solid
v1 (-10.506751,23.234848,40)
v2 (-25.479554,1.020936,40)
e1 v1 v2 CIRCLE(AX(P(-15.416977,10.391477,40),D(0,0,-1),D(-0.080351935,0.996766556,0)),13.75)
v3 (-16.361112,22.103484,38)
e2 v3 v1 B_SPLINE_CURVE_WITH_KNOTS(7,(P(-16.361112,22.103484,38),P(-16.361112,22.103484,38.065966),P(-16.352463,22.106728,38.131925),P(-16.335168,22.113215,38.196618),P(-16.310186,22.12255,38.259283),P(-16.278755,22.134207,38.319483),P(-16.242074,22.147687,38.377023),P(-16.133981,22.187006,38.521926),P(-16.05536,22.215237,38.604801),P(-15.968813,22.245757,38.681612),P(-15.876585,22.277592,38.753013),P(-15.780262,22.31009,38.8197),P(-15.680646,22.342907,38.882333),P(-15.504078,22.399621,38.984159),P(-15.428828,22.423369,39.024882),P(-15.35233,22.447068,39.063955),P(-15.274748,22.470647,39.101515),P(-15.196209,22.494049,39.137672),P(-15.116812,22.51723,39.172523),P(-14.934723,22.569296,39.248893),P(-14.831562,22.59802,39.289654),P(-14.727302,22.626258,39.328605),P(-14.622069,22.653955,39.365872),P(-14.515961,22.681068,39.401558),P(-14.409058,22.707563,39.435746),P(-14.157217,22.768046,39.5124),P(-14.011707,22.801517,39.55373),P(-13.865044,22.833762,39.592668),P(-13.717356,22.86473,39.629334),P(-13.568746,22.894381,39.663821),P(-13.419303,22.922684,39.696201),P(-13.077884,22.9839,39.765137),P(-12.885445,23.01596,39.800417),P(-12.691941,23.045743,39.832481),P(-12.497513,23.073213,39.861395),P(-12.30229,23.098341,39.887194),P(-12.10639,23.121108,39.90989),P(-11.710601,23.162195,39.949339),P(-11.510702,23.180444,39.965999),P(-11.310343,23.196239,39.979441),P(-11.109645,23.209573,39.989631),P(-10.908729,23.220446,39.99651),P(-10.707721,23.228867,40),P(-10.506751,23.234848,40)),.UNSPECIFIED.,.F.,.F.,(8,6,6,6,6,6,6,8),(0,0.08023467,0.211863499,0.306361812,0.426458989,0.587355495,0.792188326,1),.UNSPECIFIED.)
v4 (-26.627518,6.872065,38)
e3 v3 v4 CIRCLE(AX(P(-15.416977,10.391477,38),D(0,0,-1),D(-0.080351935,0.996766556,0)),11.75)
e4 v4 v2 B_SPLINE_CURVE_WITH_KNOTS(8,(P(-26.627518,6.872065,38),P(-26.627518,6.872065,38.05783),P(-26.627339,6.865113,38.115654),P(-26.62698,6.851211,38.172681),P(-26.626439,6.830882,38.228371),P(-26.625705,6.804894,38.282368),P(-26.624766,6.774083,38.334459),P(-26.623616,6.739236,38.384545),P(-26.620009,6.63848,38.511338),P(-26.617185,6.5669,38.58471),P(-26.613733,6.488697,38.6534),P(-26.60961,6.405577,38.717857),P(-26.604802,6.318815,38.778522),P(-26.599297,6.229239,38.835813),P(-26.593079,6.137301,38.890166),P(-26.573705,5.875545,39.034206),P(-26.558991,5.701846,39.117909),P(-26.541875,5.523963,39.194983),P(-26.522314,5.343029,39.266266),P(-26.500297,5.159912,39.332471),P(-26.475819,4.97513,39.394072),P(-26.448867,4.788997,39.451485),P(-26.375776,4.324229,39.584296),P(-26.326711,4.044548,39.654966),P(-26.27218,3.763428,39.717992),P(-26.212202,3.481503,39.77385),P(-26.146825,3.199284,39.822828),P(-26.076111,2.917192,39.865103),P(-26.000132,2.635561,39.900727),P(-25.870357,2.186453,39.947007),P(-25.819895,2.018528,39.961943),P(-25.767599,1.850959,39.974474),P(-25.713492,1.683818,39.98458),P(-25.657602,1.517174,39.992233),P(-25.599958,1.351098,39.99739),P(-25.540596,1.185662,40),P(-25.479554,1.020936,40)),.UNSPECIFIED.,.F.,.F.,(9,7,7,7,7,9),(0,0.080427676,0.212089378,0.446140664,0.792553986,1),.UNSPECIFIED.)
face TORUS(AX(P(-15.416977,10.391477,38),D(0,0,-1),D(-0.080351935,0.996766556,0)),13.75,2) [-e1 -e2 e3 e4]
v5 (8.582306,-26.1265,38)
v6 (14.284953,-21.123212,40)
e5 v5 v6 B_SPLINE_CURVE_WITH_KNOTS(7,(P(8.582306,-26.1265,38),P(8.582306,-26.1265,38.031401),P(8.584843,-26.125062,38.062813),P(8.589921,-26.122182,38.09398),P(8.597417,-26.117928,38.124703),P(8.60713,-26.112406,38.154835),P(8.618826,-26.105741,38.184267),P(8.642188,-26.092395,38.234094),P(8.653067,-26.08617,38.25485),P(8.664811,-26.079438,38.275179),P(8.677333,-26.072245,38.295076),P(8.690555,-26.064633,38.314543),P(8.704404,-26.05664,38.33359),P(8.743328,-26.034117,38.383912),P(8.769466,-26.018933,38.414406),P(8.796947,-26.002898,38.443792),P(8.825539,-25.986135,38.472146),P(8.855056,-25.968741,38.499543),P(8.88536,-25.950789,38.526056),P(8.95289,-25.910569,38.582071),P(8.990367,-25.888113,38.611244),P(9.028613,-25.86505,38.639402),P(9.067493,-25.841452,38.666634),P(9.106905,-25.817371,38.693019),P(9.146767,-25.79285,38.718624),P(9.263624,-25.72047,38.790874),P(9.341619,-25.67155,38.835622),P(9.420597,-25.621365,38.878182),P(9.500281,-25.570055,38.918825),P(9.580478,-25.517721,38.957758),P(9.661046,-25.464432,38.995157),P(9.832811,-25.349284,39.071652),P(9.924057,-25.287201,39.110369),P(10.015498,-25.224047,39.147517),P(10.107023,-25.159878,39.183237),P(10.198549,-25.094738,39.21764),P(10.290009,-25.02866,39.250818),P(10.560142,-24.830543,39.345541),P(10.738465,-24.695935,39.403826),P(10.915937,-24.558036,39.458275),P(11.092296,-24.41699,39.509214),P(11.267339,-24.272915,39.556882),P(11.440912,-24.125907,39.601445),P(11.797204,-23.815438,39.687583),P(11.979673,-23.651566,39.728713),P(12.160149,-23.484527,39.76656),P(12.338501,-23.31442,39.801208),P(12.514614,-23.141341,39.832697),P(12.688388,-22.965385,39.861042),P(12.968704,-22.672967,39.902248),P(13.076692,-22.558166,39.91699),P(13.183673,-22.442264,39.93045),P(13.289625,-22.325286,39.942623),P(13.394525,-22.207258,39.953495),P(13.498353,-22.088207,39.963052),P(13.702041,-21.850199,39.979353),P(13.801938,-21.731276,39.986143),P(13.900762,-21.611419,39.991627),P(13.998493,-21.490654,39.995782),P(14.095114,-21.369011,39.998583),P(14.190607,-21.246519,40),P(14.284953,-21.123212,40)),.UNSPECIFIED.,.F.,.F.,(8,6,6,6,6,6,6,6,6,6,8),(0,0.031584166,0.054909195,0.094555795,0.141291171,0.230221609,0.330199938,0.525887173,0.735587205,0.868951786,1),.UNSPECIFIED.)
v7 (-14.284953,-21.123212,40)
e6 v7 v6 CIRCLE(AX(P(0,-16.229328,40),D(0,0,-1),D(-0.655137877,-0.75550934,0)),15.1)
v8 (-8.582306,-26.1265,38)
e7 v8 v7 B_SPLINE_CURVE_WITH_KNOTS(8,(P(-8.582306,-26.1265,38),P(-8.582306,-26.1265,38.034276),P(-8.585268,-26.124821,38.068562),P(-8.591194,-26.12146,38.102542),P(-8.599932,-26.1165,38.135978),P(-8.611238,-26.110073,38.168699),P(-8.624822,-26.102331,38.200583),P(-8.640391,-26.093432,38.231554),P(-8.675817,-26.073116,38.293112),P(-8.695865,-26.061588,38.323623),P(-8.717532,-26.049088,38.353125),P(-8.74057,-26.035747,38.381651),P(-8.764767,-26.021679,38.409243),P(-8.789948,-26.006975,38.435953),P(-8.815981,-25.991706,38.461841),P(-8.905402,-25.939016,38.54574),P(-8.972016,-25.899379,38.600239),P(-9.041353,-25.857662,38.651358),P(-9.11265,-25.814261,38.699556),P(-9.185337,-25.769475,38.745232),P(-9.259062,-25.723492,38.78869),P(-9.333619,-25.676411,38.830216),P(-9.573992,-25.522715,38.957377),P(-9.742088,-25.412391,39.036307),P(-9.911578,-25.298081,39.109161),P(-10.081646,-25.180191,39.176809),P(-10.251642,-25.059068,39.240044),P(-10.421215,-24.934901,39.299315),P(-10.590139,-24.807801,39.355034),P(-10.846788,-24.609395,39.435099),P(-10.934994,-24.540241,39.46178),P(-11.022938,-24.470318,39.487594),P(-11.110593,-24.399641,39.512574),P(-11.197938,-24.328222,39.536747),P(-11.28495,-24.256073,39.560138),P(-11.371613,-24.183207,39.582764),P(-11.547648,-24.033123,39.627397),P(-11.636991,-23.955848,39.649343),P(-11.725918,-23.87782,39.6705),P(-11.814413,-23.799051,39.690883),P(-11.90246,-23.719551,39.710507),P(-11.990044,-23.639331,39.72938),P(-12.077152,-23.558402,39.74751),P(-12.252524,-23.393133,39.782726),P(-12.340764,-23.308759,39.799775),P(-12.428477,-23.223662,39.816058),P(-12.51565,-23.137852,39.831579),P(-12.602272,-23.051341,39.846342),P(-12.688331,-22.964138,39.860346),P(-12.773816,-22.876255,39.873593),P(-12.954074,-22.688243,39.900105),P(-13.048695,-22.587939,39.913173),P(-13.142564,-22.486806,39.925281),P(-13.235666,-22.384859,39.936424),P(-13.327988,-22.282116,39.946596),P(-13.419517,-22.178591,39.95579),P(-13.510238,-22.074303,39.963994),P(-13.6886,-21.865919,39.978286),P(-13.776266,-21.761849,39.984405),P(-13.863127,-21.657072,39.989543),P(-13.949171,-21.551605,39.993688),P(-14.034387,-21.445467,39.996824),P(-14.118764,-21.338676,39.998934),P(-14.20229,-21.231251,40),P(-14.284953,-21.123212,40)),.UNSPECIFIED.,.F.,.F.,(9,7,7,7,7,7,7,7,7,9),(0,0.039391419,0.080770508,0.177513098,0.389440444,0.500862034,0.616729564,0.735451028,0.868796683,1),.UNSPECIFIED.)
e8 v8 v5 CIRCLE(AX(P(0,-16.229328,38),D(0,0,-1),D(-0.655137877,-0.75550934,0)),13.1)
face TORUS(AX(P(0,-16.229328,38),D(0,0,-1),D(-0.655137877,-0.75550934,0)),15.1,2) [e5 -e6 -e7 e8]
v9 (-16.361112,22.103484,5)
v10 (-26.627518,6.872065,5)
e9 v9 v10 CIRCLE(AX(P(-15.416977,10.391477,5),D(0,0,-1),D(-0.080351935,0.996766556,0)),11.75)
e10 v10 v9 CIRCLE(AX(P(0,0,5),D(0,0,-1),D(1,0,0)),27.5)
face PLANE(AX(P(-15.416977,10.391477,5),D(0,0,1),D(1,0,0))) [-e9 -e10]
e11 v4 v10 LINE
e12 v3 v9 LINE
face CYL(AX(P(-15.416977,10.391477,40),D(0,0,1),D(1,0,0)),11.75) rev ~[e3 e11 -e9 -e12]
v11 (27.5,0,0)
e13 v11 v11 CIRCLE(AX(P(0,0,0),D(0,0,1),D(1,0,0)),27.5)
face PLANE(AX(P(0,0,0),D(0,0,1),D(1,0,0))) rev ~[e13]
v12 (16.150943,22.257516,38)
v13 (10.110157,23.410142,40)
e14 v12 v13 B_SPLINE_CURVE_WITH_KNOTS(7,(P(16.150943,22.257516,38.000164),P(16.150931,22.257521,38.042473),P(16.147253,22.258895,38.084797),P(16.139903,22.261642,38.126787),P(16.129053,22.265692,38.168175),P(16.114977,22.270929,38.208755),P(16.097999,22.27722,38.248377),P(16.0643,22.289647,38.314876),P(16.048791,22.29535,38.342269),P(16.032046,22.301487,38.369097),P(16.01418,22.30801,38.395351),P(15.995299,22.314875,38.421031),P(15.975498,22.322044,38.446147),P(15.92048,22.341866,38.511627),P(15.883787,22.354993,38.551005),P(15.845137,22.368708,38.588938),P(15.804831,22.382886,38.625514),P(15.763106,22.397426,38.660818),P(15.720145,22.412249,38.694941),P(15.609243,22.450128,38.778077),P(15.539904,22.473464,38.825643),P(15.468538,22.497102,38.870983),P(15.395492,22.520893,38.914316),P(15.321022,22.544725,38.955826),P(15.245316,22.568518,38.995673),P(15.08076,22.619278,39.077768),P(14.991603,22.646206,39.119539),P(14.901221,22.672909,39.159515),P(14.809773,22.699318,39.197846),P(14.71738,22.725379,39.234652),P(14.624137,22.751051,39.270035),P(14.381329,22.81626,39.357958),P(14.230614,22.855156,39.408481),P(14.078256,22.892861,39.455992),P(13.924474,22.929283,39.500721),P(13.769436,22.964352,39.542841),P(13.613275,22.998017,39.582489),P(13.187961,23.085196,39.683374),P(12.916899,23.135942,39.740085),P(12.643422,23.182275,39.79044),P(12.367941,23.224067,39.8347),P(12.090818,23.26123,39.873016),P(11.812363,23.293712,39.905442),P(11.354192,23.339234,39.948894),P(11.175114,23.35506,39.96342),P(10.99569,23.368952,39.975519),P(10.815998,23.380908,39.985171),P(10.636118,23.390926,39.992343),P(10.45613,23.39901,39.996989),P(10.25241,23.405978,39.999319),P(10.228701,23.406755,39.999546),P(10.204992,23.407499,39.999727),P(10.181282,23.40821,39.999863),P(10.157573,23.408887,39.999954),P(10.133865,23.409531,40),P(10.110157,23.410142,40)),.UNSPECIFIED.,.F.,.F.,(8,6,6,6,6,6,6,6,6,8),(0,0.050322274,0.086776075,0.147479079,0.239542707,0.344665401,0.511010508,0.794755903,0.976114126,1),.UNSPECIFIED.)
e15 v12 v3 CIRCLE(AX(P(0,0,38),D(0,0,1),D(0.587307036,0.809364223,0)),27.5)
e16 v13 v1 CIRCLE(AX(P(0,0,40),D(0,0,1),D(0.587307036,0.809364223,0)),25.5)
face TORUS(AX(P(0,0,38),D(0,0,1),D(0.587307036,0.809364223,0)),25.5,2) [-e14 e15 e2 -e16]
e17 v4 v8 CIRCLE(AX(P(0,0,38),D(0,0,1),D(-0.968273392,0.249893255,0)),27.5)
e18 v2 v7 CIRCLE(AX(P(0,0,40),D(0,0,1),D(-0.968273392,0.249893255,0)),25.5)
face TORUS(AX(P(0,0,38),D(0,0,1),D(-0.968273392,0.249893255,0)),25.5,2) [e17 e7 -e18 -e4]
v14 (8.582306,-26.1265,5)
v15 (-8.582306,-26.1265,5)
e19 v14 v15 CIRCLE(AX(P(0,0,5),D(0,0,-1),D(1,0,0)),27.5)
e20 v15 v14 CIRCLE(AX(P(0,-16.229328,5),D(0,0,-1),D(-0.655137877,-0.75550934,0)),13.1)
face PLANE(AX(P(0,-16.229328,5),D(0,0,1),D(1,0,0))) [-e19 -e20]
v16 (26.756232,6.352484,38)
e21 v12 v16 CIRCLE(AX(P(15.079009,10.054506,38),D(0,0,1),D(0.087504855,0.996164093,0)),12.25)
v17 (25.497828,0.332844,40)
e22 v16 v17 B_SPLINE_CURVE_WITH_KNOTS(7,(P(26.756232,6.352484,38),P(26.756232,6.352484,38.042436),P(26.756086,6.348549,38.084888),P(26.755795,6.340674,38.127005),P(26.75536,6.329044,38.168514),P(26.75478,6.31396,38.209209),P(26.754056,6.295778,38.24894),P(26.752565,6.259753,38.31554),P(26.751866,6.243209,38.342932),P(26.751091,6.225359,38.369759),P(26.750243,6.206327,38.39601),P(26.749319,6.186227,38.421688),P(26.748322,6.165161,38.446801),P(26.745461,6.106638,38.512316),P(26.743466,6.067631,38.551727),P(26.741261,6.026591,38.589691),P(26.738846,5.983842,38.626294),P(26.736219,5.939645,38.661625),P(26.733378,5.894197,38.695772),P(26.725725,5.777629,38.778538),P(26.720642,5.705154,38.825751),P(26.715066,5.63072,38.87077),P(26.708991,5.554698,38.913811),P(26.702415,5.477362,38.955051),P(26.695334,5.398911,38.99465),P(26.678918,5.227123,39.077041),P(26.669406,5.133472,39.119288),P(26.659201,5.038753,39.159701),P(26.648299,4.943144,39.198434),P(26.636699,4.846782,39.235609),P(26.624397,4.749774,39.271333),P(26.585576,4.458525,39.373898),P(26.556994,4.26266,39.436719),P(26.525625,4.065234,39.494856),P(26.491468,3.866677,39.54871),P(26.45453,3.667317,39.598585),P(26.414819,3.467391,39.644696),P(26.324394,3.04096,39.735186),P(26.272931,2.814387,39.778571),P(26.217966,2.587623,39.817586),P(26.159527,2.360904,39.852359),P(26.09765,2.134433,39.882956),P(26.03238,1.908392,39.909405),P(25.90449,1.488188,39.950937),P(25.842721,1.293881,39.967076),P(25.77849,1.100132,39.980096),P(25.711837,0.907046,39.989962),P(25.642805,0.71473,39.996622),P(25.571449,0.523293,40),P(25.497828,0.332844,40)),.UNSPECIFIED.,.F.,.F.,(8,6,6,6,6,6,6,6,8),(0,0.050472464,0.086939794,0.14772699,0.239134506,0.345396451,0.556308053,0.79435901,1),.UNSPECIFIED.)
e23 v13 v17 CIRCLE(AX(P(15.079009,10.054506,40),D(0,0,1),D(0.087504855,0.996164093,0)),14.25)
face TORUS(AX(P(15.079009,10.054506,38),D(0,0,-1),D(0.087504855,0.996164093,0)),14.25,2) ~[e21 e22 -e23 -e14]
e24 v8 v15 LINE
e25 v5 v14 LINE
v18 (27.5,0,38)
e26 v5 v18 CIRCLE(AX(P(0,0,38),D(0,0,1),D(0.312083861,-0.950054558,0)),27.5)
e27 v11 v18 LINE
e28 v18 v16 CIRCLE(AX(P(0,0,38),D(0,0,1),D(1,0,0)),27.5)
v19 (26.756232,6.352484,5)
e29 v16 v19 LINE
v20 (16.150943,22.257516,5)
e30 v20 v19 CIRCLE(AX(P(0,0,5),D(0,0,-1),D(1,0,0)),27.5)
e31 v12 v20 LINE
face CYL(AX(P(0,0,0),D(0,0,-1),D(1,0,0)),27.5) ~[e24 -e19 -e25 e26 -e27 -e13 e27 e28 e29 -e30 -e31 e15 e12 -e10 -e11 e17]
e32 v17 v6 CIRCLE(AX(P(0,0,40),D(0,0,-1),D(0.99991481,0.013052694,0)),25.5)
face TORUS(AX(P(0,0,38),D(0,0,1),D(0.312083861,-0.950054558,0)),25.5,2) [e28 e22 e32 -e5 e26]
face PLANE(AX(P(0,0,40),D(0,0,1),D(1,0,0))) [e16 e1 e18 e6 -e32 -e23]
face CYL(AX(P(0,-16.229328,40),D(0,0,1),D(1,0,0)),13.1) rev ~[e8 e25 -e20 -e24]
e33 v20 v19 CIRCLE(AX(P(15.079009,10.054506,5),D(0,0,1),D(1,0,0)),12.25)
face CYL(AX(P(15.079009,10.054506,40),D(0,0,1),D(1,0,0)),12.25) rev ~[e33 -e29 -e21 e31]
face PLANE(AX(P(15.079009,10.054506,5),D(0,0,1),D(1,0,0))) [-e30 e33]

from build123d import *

# Parameters (mm, degrees)
F0_R     = 27.5
F1_DEPTH = 40
F3_R     = 11.75
F3_R_2   = 12.25
F3_R_3   = 13.1
F4_DEPTH = 35
F5_R     = 2


with BuildPart() as f1:
    # F0 (on Top) → F1 (new body)
    with BuildSketch(Plane.XY):
        Circle(F0_R)
    extrude(amount=F1_DEPTH)

    # F3 (on face) → F4 (cut, through all)
    with BuildSketch(Plane.XY.offset(40)):
        with Locations((-15.416977, 10.391477)):
            Circle(F3_R)
        with Locations((15.079009, 10.054506)):
            Circle(F3_R_2)
        with Locations((0, -16.229328)):
            Circle(F3_R_3)
    extrude(amount=-F4_DEPTH, mode=Mode.SUBTRACT)

    # F5
    f5_edges = [f1.edges().sort_by_distance(p)[0] for p in [
        (22.274014, -16.128183, 40),
        (27.313425, 3.197938, 40),
        (4.886965, 3.258571, 40),
        (-0.130285, 27.499691, 40),
        (-5.673617, 3.824178, 40),
        (-24.127977, -13.194345, 40),
        (0, -3.129328, 40),
    ]]
    fillet(f5_edges, radius=F5_R)


solid = f1.part
